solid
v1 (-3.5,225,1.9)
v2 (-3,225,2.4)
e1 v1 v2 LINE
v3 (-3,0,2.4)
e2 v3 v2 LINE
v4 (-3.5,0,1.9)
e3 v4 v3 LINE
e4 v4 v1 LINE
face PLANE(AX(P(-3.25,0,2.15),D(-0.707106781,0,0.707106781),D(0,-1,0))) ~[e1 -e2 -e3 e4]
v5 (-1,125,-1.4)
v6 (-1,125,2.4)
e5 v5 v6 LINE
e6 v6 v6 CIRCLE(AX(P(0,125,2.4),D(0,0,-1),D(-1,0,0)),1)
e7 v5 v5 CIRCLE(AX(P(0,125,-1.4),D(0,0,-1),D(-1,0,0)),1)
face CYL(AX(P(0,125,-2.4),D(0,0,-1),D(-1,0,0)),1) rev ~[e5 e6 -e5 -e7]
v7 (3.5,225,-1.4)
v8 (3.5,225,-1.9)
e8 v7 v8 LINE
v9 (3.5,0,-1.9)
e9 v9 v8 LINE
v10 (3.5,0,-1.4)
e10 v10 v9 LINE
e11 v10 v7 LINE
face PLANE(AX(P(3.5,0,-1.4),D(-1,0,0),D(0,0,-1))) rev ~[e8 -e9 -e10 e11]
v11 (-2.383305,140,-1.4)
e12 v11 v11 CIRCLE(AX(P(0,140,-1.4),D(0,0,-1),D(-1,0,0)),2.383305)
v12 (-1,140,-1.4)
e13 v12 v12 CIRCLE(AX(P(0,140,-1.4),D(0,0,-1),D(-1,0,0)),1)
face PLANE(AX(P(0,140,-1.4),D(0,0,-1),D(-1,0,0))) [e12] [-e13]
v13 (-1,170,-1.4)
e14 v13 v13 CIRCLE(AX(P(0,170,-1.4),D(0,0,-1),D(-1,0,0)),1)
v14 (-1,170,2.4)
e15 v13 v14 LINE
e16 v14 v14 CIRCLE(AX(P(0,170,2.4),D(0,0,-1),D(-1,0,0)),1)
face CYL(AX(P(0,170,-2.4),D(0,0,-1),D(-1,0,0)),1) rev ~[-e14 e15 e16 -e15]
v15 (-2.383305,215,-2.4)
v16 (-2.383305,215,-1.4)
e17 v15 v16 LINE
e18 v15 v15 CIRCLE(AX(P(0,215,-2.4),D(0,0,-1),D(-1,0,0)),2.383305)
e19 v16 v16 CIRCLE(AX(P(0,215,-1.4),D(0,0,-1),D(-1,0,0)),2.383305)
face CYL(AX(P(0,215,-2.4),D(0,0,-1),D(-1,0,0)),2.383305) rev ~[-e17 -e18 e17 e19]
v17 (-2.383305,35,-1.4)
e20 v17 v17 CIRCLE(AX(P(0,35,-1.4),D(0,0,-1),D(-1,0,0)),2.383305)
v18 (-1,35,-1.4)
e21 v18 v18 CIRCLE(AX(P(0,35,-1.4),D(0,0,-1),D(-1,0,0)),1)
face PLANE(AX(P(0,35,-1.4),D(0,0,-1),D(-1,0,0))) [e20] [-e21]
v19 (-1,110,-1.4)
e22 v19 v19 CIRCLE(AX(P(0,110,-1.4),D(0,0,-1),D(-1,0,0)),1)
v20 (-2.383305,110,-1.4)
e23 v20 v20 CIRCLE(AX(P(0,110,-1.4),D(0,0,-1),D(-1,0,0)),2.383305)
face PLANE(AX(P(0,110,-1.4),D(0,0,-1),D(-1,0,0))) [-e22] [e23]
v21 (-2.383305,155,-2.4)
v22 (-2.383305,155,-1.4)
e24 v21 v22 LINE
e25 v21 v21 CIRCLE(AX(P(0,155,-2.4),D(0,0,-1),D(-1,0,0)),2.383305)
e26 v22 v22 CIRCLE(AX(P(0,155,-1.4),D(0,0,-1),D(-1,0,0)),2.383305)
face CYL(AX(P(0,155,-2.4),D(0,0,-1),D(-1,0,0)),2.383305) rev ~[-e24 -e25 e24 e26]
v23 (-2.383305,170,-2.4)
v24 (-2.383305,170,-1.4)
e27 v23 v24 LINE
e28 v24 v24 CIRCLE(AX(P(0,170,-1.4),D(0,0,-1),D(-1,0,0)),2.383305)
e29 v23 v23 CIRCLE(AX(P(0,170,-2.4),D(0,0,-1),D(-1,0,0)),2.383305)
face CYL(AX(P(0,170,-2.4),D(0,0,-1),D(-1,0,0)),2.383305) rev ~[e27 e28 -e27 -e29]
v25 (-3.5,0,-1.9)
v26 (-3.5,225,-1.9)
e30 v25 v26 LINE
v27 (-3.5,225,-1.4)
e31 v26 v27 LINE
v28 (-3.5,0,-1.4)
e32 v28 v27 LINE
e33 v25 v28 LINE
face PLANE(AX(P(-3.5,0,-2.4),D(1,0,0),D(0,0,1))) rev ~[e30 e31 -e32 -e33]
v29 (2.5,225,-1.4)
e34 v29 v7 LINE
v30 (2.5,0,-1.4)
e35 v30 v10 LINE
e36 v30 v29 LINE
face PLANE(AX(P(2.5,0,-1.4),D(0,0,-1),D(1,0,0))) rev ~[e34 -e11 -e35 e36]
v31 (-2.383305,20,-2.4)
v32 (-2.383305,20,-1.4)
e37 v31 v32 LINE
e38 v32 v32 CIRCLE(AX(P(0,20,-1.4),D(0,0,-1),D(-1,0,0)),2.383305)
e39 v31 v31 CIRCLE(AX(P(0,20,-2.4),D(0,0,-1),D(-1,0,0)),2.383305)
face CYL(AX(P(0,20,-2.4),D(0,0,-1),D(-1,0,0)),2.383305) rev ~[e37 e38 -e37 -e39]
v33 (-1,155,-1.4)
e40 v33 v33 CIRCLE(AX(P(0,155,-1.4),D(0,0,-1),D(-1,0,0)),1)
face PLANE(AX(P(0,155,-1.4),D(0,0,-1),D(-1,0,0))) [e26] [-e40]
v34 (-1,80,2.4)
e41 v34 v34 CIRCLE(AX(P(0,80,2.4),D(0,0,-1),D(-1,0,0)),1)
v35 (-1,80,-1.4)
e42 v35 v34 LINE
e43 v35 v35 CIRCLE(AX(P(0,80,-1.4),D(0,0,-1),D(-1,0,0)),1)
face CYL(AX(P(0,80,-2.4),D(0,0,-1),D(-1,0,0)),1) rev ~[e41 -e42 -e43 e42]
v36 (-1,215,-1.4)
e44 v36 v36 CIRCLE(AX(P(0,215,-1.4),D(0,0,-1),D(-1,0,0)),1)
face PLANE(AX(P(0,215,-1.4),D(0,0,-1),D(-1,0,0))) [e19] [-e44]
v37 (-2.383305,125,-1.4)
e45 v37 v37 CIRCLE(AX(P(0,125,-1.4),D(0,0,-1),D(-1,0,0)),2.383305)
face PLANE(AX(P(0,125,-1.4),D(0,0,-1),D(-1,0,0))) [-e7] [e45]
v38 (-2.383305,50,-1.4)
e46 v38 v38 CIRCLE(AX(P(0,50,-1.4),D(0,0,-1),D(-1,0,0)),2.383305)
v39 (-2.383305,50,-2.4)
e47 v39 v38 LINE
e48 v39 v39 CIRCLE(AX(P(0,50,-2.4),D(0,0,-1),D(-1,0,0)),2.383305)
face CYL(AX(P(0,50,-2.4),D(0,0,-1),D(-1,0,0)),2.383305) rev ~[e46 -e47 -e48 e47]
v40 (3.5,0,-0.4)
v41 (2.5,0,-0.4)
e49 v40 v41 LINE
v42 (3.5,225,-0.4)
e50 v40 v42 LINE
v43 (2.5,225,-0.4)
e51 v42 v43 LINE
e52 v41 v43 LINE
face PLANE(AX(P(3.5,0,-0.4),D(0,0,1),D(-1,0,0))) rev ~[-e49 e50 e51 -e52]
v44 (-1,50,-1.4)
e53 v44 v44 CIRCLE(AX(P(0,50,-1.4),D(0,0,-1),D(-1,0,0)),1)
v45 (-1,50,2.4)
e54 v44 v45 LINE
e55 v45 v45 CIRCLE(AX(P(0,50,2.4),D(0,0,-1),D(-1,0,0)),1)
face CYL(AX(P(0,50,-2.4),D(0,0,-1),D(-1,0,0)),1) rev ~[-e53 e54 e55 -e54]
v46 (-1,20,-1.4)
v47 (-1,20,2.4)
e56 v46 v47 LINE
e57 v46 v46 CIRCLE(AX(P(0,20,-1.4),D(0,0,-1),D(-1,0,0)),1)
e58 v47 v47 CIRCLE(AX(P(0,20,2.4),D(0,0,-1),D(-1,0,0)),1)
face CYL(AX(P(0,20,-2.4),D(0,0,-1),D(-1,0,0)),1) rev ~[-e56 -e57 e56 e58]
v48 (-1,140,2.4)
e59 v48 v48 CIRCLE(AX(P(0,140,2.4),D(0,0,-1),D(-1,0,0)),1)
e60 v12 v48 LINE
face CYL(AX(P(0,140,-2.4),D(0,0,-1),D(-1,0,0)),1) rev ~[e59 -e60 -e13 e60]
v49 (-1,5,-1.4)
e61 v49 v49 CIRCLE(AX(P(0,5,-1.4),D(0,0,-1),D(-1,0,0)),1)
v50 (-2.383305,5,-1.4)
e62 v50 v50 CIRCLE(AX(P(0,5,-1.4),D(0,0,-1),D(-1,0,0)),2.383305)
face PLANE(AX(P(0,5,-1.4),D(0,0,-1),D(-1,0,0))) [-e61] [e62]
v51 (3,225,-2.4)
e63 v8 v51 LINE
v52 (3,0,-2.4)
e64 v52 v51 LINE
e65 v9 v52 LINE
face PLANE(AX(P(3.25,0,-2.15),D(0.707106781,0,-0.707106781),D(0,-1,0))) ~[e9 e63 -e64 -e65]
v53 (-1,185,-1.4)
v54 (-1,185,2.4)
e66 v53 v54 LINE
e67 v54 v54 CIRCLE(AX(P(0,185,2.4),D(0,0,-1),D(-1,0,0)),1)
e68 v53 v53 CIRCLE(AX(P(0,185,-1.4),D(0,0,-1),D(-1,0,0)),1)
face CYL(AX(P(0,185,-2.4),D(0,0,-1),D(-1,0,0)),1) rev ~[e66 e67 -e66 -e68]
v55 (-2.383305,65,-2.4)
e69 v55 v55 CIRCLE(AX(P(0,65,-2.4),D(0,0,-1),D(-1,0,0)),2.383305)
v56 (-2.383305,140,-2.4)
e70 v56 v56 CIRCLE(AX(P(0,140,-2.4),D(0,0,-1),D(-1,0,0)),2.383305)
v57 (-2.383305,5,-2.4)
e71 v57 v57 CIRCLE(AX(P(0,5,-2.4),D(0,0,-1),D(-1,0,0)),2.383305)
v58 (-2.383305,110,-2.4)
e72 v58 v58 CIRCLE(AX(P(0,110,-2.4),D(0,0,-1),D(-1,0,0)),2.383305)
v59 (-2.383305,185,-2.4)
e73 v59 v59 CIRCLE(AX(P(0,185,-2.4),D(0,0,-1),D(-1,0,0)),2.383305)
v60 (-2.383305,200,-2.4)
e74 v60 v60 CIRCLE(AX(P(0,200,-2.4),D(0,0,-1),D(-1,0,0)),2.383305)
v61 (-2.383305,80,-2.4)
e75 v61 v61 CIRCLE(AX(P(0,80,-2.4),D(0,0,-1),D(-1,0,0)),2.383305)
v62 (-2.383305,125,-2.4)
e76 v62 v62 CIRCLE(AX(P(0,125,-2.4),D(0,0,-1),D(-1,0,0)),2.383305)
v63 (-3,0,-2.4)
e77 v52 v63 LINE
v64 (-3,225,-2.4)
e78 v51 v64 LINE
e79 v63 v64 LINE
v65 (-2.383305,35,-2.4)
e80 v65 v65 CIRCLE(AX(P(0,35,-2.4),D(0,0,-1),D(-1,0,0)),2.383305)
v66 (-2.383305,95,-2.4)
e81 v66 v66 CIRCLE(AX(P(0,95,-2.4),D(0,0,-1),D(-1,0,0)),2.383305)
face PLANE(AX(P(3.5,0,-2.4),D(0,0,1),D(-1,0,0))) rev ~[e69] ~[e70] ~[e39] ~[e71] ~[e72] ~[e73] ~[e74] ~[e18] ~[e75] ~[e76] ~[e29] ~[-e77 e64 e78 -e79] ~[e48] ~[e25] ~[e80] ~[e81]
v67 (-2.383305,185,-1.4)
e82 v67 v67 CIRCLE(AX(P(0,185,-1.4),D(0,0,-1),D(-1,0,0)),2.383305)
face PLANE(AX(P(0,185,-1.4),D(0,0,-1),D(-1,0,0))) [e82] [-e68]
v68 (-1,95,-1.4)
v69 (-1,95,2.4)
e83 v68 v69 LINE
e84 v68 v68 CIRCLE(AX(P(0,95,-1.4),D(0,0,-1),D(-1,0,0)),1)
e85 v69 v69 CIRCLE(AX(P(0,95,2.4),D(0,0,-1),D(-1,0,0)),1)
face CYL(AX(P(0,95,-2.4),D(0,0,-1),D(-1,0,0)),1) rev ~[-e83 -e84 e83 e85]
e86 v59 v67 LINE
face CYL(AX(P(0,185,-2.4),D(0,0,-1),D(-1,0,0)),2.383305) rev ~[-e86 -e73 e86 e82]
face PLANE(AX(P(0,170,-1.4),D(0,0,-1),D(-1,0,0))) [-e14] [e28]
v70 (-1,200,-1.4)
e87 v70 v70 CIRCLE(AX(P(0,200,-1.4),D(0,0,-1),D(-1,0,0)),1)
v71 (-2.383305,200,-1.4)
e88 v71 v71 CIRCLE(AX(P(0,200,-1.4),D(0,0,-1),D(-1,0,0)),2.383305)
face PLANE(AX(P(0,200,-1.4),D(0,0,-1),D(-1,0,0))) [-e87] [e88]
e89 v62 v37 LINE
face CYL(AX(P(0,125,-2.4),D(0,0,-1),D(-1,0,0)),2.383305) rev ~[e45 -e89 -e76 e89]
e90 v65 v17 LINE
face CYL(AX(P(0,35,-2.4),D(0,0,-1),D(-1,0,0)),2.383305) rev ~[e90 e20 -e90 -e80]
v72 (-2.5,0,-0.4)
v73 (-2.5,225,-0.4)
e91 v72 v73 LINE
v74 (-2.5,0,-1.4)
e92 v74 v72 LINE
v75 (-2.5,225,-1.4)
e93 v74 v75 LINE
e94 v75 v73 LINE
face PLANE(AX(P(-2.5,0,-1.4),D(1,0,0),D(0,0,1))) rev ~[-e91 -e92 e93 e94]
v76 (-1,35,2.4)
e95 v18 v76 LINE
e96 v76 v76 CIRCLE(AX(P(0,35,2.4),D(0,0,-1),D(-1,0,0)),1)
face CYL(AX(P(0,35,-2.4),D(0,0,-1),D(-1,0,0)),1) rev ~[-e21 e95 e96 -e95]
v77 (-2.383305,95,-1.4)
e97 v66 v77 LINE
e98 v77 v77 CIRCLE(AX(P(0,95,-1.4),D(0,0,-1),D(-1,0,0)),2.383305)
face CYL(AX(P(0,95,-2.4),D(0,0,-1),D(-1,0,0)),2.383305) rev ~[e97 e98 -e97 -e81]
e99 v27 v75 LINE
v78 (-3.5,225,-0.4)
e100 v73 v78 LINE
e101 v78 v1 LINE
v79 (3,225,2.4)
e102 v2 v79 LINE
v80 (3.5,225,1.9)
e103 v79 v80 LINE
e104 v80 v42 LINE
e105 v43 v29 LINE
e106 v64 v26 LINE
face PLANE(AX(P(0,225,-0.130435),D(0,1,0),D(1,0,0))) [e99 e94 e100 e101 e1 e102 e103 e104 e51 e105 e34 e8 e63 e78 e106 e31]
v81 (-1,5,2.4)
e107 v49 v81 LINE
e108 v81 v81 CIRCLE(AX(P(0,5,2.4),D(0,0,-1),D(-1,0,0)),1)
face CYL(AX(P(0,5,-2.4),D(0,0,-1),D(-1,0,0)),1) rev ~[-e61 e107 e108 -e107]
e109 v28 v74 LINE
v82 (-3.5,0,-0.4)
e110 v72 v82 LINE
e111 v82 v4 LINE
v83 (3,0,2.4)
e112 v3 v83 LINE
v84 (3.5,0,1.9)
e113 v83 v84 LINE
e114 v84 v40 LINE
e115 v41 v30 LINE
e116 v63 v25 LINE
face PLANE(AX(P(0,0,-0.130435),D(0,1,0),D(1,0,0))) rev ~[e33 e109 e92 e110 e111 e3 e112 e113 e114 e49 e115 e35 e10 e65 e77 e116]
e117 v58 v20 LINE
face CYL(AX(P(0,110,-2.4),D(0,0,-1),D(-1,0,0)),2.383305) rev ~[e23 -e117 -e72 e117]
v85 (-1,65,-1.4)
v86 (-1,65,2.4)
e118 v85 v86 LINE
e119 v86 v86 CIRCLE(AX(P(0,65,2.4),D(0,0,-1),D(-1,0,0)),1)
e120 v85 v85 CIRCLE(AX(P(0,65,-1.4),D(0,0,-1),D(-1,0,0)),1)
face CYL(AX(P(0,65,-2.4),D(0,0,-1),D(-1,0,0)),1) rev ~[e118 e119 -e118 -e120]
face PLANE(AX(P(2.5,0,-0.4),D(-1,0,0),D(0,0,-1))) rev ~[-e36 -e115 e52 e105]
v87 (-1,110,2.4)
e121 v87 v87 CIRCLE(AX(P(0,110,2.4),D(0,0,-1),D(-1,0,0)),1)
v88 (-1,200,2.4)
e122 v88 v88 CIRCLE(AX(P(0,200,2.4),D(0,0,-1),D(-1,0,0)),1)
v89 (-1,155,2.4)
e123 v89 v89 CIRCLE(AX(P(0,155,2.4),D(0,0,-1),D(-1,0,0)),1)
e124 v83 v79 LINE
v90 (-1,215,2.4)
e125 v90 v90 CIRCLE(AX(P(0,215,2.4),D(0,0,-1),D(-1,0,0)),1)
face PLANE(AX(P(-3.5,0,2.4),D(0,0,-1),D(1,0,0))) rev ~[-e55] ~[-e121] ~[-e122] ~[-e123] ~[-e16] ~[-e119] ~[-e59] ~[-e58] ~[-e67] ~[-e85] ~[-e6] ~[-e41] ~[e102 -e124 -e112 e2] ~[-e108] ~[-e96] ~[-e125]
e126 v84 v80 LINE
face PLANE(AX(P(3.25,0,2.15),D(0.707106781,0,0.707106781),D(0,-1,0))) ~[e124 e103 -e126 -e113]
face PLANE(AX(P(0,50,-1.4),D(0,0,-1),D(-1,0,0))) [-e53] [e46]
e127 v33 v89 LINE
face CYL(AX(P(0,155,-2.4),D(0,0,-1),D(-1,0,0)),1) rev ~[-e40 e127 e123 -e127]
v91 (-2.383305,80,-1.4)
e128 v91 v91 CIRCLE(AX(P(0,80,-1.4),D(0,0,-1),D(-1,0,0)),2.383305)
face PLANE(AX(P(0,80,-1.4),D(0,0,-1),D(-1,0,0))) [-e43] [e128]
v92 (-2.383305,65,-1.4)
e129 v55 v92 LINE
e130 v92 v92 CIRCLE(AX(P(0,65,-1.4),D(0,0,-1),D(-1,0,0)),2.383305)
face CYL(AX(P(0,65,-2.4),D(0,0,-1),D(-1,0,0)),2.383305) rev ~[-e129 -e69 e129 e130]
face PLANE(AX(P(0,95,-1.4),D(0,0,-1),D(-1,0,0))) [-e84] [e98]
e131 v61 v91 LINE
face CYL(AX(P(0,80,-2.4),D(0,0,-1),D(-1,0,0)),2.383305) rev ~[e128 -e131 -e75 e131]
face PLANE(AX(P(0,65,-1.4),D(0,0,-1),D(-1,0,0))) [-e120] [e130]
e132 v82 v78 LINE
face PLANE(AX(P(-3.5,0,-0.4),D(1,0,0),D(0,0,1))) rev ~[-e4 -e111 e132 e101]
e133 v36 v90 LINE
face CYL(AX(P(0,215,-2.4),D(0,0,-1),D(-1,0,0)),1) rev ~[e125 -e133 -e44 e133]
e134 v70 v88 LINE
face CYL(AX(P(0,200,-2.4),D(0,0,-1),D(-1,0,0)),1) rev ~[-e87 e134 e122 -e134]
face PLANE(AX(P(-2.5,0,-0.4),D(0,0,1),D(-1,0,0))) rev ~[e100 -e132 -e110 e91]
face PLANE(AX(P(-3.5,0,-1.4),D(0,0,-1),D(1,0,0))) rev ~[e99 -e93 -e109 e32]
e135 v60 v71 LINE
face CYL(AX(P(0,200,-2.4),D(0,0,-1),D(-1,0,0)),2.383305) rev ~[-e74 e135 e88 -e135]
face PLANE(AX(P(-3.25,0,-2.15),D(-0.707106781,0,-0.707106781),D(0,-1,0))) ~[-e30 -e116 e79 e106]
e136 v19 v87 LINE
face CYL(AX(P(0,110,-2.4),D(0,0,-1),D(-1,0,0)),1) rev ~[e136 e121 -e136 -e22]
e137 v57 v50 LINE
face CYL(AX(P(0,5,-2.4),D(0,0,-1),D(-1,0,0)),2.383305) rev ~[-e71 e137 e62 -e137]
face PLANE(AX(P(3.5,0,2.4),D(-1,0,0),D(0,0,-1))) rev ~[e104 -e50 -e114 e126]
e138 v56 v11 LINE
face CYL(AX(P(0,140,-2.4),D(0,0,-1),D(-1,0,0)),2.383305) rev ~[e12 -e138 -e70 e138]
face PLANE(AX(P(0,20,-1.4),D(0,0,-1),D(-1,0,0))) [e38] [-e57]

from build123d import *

# Parameters (mm, degrees)
EXTRUDE_1_DEPTH     = 225
SKETCH_2_R          = 1
CUT_EXTRUDE_1_DEPTH = 10
CHAMFER_1_SIZE      = 0.5
SKETCH_3_R          = 2.383304988
CUT_EXTRUDE_2_DEPTH = 1


with BuildPart() as part:
    # 草图1 → 凸台-拉伸1 (new body)
    with BuildSketch(Plane(origin=(0, 0, 0), x_dir=(1, 0, 0), z_dir=(0, 1, 0))):
        Polygon((-3.5, 0.4), (-3.5, -2.4), (3.5, -2.4), (3.5, 0.4), (2.5, 0.4), (2.5, 1.4), (3.5, 1.4), (3.5, 2.4), (-3.5, 2.4), (-3.5, 1.4), (-2.5, 1.4), (-2.5, 0.4), align=None)
    extrude(amount=EXTRUDE_1_DEPTH)

    # 草图2 → 切除-拉伸1 (cut)
    with BuildSketch(Plane(origin=(0, 0, -2.4), x_dir=(-1, 0, 0), z_dir=(0, 0, -1))):
        with Locations((0, 5)):
            Circle(SKETCH_2_R)
        with Locations((0, 20)):
            Circle(SKETCH_2_R)
        with Locations((0, 35)):
            Circle(SKETCH_2_R)
        with Locations((0, 50)):
            Circle(SKETCH_2_R)
        with Locations((0, 65)):
            Circle(SKETCH_2_R)
        with Locations((0, 80)):
            Circle(SKETCH_2_R)
        with Locations((0, 95)):
            Circle(SKETCH_2_R)
        with Locations((0, 110)):
            Circle(SKETCH_2_R)
        with Locations((0, 125)):
            Circle(SKETCH_2_R)
        with Locations((0, 140)):
            Circle(SKETCH_2_R)
        with Locations((0, 155)):
            Circle(SKETCH_2_R)
        with Locations((0, 170)):
            Circle(SKETCH_2_R)
        with Locations((0, 185)):
            Circle(SKETCH_2_R)
        with Locations((0, 200)):
            Circle(SKETCH_2_R)
        with Locations((0, 215)):
            Circle(SKETCH_2_R)
        with Locations((0, 230)):
            Circle(SKETCH_2_R)
    extrude(amount=-CUT_EXTRUDE_1_DEPTH, mode=Mode.SUBTRACT)

    # 倒角1
    chamfer_1_edges = [part.edges().sort_by_distance(p)[0] for p in [
        (-3.5, 112.5, -2.4),
        (3.5, 112.5, -2.4),
        (3.5, 112.5, 2.4),
        (-3.5, 112.5, 2.4),
    ]]
    chamfer(chamfer_1_edges, length=CHAMFER_1_SIZE)

    # 草图3 → 切除-拉伸2 (cut)
    with BuildSketch(Plane(origin=(0, 0, -2.4), x_dir=(-1, 0, 0), z_dir=(0, 0, -1))):
        with Locations((0, 5)):
            Circle(SKETCH_3_R)
        with Locations((0, 20)):
            Circle(SKETCH_3_R)
        with Locations((0, 35)):
            Circle(SKETCH_3_R)
        with Locations((0, 50)):
            Circle(SKETCH_3_R)
        with Locations((0, 65)):
            Circle(SKETCH_3_R)
        with Locations((0, 80)):
            Circle(SKETCH_3_R)
        with Locations((0, 95)):
            Circle(SKETCH_3_R)
        with Locations((0, 110)):
            Circle(SKETCH_3_R)
        with Locations((0, 125)):
            Circle(SKETCH_3_R)
        with Locations((0, 140)):
            Circle(SKETCH_3_R)
        with Locations((0, 155)):
            Circle(SKETCH_3_R)
        with Locations((0, 170)):
            Circle(SKETCH_3_R)
        with Locations((0, 185)):
            Circle(SKETCH_3_R)
        with Locations((0, 200)):
            Circle(SKETCH_3_R)
        with Locations((0, 215)):
            Circle(SKETCH_3_R)
        with Locations((0, 230)):
            Circle(SKETCH_3_R)
    extrude(amount=-CUT_EXTRUDE_2_DEPTH, mode=Mode.SUBTRACT)


solid = part.part
